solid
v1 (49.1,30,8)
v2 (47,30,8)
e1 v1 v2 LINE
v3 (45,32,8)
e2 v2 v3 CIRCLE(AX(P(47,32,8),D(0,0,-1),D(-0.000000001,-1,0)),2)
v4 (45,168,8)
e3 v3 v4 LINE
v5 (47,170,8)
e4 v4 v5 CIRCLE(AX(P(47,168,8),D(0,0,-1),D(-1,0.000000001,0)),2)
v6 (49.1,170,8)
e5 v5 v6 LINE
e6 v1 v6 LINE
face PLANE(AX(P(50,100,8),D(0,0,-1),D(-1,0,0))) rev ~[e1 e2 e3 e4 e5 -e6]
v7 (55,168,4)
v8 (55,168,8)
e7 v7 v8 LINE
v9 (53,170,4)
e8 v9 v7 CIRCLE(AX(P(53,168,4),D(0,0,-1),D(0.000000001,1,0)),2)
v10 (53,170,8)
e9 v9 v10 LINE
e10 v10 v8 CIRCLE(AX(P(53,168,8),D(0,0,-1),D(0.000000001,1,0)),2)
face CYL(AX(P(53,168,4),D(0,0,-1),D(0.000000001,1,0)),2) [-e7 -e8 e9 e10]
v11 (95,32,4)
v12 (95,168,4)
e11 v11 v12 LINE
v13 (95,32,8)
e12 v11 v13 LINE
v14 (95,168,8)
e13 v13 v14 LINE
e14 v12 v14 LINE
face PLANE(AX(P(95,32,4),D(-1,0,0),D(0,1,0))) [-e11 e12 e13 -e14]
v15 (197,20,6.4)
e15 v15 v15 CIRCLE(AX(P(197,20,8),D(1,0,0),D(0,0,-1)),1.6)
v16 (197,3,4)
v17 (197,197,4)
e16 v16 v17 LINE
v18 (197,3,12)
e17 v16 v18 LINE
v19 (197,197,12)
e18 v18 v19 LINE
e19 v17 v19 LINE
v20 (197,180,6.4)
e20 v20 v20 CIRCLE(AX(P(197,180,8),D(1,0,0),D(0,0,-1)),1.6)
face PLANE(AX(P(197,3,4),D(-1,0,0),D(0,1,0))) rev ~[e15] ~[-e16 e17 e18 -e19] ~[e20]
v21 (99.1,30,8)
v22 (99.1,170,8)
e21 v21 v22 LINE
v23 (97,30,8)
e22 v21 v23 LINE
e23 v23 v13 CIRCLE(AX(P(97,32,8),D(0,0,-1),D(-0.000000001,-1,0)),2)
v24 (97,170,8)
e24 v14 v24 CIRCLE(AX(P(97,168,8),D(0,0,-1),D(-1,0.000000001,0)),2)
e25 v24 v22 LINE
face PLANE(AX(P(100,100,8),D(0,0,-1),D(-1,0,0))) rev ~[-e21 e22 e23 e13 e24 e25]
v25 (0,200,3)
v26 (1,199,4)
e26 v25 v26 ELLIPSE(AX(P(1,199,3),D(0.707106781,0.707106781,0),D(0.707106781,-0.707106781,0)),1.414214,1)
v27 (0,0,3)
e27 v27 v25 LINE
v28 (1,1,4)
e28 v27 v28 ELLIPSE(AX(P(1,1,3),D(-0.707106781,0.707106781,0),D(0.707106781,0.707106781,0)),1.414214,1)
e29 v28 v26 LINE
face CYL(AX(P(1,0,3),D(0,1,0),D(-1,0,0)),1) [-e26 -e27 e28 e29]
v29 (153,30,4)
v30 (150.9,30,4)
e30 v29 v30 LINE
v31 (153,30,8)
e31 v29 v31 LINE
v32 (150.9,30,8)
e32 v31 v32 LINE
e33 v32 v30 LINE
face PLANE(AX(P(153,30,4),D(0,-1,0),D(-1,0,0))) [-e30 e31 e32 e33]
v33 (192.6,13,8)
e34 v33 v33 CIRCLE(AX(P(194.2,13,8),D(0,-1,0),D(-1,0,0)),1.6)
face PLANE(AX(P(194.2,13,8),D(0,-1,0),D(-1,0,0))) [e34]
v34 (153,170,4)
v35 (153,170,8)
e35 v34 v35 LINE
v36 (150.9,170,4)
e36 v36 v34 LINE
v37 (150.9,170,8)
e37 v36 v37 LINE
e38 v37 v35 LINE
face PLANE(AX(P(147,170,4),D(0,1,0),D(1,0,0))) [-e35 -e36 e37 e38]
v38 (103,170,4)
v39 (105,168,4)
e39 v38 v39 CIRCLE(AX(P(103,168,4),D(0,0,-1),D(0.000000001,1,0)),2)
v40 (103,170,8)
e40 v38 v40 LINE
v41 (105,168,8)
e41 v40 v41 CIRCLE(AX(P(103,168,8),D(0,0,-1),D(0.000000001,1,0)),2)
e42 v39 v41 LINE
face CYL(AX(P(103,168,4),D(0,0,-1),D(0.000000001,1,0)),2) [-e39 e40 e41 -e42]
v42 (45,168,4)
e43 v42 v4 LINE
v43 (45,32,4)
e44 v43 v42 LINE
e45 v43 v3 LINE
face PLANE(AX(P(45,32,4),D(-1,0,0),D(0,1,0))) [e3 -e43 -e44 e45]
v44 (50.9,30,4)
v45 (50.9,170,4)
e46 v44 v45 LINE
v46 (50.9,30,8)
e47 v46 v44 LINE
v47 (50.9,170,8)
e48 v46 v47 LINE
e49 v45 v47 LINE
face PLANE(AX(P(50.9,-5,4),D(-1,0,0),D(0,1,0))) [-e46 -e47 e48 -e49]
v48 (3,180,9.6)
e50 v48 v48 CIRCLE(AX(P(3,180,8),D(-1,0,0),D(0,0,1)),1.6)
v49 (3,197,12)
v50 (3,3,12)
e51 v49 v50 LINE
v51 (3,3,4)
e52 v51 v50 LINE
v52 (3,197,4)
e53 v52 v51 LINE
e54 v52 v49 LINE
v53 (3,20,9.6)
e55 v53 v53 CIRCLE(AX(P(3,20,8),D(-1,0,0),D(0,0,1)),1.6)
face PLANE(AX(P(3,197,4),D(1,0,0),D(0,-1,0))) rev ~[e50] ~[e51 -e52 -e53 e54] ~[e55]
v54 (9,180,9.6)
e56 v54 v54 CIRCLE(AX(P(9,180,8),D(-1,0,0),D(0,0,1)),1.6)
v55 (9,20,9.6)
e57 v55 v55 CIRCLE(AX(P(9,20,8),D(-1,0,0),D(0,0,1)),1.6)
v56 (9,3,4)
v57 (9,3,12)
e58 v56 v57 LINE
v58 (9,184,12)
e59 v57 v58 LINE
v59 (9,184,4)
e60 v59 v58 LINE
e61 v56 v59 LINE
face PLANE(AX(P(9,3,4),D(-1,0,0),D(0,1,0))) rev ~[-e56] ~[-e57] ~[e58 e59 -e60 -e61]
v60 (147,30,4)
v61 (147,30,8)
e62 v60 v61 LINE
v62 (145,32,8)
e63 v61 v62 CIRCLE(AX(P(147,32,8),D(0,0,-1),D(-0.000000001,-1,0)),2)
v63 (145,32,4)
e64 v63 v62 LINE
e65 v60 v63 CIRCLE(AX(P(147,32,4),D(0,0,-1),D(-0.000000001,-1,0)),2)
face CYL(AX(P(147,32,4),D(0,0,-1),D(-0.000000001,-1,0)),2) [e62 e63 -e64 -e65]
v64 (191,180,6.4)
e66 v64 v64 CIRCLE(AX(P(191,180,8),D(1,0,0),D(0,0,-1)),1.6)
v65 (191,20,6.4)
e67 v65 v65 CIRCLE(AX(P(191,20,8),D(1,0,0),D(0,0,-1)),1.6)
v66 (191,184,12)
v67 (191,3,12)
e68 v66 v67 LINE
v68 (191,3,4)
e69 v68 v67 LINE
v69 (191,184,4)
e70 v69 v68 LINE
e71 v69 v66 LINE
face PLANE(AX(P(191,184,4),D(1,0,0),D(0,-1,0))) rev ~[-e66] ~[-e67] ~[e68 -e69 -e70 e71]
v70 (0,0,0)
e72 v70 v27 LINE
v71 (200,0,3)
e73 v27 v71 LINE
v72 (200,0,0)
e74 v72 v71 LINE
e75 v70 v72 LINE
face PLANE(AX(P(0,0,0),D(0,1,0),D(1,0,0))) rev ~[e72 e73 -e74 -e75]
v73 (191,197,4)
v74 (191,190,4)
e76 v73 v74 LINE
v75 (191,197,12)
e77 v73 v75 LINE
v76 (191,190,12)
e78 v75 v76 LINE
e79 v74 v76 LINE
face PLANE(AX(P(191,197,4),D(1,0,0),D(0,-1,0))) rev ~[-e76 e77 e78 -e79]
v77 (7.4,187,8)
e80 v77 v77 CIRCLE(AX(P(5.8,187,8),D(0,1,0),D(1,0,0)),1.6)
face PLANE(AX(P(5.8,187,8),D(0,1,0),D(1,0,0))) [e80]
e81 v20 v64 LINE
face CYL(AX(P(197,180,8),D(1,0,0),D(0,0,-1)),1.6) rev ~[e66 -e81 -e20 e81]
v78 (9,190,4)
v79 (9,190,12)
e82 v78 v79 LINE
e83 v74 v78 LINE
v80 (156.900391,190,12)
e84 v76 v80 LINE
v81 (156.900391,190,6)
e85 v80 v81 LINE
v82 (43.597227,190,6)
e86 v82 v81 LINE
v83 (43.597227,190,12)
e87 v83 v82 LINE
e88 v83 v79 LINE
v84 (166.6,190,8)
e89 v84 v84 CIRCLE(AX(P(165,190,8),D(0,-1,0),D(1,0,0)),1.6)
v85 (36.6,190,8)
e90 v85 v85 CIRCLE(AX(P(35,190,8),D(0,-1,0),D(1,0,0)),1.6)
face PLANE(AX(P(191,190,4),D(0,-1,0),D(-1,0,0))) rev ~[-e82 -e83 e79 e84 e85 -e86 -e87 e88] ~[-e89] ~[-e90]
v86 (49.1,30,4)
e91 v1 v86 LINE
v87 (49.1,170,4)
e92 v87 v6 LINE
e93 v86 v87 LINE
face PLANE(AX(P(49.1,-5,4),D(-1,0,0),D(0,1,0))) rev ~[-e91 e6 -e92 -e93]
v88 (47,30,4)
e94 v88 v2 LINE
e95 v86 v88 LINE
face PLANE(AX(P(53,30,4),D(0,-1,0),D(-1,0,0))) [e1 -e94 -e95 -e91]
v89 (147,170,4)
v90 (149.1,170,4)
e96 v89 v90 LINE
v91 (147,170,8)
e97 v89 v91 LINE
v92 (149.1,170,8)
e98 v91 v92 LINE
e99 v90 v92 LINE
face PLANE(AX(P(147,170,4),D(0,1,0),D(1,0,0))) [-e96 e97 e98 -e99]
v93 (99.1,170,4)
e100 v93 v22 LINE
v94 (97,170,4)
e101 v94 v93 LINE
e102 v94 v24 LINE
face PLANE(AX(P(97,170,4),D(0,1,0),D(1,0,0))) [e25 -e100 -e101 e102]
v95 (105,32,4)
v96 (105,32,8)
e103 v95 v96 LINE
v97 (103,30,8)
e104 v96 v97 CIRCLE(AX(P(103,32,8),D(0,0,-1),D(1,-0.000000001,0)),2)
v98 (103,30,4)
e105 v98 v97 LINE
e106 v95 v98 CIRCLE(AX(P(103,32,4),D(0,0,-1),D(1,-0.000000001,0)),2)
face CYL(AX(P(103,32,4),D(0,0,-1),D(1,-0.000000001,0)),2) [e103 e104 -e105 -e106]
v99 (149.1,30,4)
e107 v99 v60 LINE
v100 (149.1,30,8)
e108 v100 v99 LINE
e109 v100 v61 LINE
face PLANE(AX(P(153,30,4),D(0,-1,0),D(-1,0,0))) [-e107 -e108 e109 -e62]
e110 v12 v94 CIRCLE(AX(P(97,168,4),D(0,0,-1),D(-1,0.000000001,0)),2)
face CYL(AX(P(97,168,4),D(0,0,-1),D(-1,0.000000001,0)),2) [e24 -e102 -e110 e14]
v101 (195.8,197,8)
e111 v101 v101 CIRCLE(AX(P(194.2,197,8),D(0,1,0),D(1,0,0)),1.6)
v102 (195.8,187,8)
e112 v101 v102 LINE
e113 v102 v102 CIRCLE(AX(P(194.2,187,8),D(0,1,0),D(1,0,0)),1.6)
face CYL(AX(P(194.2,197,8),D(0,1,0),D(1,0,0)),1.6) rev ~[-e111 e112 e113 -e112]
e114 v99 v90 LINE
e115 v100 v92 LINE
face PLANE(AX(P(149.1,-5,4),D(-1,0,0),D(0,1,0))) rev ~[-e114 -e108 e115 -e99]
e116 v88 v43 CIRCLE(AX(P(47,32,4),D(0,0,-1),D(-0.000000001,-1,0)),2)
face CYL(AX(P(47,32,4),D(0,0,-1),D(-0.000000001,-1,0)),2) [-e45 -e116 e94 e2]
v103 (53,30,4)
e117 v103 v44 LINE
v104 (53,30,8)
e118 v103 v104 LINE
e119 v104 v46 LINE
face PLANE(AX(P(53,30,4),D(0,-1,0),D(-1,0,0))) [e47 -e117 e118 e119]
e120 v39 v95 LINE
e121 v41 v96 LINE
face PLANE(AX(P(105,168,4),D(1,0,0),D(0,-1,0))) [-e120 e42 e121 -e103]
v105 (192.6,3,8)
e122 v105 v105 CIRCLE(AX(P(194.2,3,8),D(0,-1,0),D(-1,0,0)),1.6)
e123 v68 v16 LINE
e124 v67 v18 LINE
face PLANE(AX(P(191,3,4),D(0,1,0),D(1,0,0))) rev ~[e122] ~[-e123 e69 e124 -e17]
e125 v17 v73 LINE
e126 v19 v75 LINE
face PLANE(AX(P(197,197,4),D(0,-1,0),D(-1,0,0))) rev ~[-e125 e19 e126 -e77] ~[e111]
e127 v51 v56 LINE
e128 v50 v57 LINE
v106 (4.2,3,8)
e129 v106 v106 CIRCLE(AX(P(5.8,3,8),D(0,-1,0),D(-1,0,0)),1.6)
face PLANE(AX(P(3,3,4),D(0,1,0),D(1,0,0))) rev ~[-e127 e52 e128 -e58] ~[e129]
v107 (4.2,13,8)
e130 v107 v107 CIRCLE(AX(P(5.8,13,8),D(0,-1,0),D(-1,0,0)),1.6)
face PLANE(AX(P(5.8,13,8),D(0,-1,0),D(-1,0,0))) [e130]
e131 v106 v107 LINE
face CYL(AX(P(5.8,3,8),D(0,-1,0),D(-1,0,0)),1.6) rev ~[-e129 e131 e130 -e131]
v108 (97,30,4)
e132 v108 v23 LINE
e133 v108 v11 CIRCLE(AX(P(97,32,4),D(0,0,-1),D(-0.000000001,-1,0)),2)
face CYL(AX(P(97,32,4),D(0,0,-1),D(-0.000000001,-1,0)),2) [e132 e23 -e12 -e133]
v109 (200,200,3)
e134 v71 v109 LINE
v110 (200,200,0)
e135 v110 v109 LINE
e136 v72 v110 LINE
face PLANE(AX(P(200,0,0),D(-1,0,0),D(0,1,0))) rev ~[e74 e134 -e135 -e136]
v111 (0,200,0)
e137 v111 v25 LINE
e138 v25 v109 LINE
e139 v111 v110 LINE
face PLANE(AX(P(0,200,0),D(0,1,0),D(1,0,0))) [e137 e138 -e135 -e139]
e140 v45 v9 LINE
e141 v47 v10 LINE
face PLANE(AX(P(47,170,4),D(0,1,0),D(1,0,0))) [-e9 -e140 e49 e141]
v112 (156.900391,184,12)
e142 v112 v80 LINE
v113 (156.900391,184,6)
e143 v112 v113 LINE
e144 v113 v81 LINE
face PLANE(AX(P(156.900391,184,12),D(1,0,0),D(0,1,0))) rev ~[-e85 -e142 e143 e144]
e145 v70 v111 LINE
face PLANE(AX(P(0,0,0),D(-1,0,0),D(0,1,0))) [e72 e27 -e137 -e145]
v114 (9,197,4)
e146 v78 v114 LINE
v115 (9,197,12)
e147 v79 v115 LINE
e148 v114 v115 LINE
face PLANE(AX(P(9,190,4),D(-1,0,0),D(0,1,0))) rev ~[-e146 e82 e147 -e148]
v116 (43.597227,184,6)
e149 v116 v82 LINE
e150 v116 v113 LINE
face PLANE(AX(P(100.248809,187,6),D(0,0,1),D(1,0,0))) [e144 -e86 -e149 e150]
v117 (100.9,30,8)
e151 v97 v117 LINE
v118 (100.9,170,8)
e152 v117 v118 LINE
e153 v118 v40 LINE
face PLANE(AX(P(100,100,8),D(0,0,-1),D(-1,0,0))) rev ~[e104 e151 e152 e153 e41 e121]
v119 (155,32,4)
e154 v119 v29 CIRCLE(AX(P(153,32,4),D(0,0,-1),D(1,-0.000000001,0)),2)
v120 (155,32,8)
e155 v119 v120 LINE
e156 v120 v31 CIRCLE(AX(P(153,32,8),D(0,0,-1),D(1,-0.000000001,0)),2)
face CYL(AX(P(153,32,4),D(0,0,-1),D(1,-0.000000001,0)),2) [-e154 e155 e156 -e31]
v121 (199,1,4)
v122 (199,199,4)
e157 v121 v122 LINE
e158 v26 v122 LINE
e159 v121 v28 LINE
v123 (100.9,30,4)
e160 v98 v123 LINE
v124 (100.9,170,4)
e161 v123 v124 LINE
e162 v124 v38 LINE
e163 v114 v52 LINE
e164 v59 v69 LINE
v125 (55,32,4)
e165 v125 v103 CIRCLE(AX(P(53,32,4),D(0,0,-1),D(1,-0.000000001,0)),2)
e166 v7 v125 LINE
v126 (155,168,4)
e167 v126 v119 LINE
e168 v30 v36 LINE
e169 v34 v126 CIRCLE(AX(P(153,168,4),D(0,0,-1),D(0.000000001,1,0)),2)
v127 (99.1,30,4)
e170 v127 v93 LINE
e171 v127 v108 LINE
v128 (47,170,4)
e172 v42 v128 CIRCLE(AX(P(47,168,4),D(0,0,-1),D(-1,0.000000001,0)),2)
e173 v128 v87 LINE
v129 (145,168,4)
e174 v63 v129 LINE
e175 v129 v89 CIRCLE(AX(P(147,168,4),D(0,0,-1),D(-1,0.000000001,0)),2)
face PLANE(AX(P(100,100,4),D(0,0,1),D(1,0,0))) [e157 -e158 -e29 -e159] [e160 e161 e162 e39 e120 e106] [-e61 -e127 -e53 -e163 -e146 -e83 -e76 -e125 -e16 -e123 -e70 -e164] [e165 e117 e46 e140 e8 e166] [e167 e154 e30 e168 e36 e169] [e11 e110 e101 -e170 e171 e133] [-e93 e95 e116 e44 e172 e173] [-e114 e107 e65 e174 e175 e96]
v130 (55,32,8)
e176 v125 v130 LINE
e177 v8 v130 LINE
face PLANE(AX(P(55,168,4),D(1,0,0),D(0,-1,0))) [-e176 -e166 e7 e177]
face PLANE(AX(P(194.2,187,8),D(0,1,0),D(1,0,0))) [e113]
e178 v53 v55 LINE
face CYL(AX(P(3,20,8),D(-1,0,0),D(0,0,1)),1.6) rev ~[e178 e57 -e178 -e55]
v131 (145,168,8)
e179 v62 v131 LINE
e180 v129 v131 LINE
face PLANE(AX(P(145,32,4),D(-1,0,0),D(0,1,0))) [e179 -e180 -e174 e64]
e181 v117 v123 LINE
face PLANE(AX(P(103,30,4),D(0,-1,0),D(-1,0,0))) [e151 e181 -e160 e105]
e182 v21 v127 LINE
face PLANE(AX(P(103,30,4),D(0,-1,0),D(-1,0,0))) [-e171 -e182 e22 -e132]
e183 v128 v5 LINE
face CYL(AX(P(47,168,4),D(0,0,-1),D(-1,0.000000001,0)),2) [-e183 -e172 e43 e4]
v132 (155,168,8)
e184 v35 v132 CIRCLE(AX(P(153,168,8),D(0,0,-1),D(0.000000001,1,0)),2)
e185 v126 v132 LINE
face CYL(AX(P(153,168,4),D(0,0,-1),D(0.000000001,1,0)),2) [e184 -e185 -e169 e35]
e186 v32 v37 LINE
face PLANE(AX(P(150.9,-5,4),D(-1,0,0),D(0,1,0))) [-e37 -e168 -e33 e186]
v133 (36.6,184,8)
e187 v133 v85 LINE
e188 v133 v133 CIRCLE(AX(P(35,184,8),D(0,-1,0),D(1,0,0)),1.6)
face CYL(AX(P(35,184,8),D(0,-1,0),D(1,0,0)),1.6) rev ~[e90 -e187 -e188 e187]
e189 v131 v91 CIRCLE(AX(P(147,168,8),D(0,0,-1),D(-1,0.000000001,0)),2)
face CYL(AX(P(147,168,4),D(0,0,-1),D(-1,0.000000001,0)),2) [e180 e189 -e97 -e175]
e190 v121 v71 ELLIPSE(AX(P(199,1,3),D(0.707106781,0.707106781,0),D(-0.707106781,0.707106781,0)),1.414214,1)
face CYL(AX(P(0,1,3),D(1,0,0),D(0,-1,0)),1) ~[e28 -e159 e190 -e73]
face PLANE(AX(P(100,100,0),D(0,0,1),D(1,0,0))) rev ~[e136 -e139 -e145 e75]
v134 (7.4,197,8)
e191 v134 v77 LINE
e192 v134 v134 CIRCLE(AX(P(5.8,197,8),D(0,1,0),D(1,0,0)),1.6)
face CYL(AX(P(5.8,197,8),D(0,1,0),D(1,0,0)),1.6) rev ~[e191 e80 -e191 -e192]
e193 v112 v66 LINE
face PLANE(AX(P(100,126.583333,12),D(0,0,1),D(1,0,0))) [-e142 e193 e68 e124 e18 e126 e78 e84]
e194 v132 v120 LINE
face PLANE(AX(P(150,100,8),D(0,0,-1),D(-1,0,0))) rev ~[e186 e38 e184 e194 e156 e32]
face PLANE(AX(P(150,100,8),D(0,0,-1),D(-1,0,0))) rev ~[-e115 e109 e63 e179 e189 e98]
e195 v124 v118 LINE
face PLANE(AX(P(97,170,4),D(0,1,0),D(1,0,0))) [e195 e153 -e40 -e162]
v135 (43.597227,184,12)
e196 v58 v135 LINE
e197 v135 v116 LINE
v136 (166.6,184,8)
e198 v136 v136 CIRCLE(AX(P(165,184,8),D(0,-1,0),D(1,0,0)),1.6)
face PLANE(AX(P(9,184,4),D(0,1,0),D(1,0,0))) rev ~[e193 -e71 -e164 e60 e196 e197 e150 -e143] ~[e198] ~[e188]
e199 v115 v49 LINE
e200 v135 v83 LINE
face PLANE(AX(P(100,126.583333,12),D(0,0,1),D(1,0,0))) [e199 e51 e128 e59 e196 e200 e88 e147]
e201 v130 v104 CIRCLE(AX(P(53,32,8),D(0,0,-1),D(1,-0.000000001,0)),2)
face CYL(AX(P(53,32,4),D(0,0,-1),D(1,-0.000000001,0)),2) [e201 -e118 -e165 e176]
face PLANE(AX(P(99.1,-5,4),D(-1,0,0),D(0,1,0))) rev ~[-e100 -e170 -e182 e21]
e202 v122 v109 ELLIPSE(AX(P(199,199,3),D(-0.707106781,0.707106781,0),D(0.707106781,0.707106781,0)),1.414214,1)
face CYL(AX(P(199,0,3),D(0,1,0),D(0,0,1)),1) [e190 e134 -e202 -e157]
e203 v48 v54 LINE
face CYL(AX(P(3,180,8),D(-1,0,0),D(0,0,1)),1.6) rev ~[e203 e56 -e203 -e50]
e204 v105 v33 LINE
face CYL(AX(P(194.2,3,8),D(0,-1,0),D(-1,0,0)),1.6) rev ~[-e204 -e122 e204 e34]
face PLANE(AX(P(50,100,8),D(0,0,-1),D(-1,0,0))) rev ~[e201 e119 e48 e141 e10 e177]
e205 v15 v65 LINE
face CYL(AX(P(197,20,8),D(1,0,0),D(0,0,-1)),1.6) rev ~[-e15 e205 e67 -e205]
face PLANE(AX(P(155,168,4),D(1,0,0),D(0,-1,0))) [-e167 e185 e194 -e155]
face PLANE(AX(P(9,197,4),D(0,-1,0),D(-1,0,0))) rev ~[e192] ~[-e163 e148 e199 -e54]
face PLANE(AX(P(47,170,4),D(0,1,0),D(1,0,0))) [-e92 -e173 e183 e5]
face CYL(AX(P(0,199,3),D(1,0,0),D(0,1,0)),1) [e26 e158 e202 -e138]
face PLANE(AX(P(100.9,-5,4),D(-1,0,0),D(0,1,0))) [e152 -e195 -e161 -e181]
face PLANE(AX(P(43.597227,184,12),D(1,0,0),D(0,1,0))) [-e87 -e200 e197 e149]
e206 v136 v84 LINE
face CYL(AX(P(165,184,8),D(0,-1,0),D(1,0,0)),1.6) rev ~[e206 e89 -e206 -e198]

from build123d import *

# Parameters (mm, degrees)
ESQUISSE1_W                 = 200
ESQUISSE1_H                 = 200
BOSS_EXTRU_PAROIE_DEPTH     = 4
BOSS_EXTRU_BORDS_DEPTH      = 8
BOSS_EXTRU_GLISSIERES_DEPTH = 4
CONG_1_R                    = 1
ESQUISSE8_W                 = 1.8
ESQUISSE8_H                 = 180
ENL_V_MAT_EXTRU_6_DEPTH     = 9
ESQUISSE5_R                 = 1.6
ENL_V_MAT_EXTRU_2_DEPTH     = 10
ESQUISSE6_R                 = 1.6
ENL_V_MAT_EXTRU_3_DEPTH     = 10
ESQUISSE7_R                 = 1.6
ENL_V_MAT_EXTRU_4_DEPTH     = 10
ESQUISSE10_R                = 1.6
ENL_V_MAT_EXTRU_8_DEPTH     = 10
ESQUISSE11_W                = 113.303164178
ESQUISSE11_H                = 6
ENL_V_MAT_EXTRU_9_DEPTH     = 6
ESQUISSE9_R                 = 1.6
ENL_V_MAT_EXTRU_10_DEPTH    = 10


with BuildPart() as part:
    # Esquisse1 → Boss.-Extru. Paroie (new body)
    with BuildSketch(Plane.XY):
        with Locations((100, 100)):
            Rectangle(ESQUISSE1_W, ESQUISSE1_H)
    extrude(amount=BOSS_EXTRU_PAROIE_DEPTH)

    # Esquisse4 → Boss.-Extru. Bords (add)
    with BuildSketch(Plane.XY.offset(4)):
        Polygon((3, 3), (9, 3), (9, 184), (191, 184), (191, 3), (197, 3), (197, 197), (191, 197), (191, 190), (9, 190), (9, 197), (3, 197), align=None)
    extrude(amount=BOSS_EXTRU_BORDS_DEPTH)

    # Esquisse2 → Boss.-Extru. Glissieres (add)
    with BuildSketch(Plane.XY.offset(4)):
        with BuildLine():
            Line((47, 170), (53, 170))
            ThreePointArc((53, 170), (54.414213562, 169.414213562), (55, 168))
            Line((55, 168), (55, 32))
            ThreePointArc((55, 32), (54.414213562, 30.585786438), (53, 30))
            Line((53, 30), (47, 30))
            ThreePointArc((47, 30), (45.585786438, 30.585786438), (45, 32))
            Line((45, 32), (45, 168))
            ThreePointArc((45, 168), (45.585786438, 169.414213562), (47, 170))
        make_face()
        with BuildLine():
            Line((97, 170), (103, 170))
            ThreePointArc((103, 170), (104.414213562, 169.414213562), (105, 168))
            Line((105, 168), (105, 32))
            ThreePointArc((105, 32), (104.414213562, 30.585786438), (103, 30))
            Line((103, 30), (97, 30))
            ThreePointArc((97, 30), (95.585786438, 30.585786438), (95, 32))
            Line((95, 32), (95, 168))
            ThreePointArc((95, 168), (95.585786438, 169.414213562), (97, 170))
        make_face()
        with BuildLine():
            Line((147, 170), (153, 170))
            ThreePointArc((153, 170), (154.414213562, 169.414213562), (155, 168))
            Line((155, 168), (155, 32))
            ThreePointArc((155, 32), (154.414213562, 30.585786438), (153, 30))
            Line((153, 30), (147, 30))
            ThreePointArc((147, 30), (145.585786438, 30.585786438), (145, 32))
            Line((145, 32), (145, 168))
            ThreePointArc((145, 168), (145.585786438, 169.414213562), (147, 170))
        make_face()
    extrude(amount=BOSS_EXTRU_GLISSIERES_DEPTH)

    # Congé1
    cong_1_edges = [part.edges().sort_by_distance(p)[0] for p in [
        (200, 100, 4),
        (100, 200, 4),
        (0, 100, 4),
        (100, 0, 4),
    ]]
    fillet(cong_1_edges, radius=CONG_1_R)

    # Esquisse8 → Enlèv. mat.-Extru.6 (cut, through all)
    with BuildSketch(Plane.XY.offset(4)):
        with Locations((100, 85)):
            Rectangle(ESQUISSE8_W, ESQUISSE8_H)
        with Locations((150, 85)):
            Rectangle(ESQUISSE8_W, ESQUISSE8_H)
        with Locations((50, 85)):
            Rectangle(ESQUISSE8_W, ESQUISSE8_H)
    extrude(amount=ENL_V_MAT_EXTRU_6_DEPTH, mode=Mode.SUBTRACT)

    # Esquisse5 → Enlèv. mat.-Extru.2 (cut)
    with BuildSketch(Plane.ZY.offset(-3)):
        with Locations((8, 180)):
            Circle(ESQUISSE5_R)
        with Locations((8, 20)):
            Circle(ESQUISSE5_R)
    extrude(amount=-ENL_V_MAT_EXTRU_2_DEPTH, mode=Mode.SUBTRACT)

    # Esquisse6 → Enlèv. mat.-Extru.3 (cut)
    with BuildSketch(Plane(origin=(197, 0, 0), x_dir=(0, 0, -1), z_dir=(1, 0, 0))):
        with Locations((-8, 180)):
            Circle(ESQUISSE6_R)
        with Locations((-8, 20)):
            Circle(ESQUISSE6_R)
    extrude(amount=-ENL_V_MAT_EXTRU_3_DEPTH, mode=Mode.SUBTRACT)

    # Esquisse7 → Enlèv. mat.-Extru.4 (cut)
    with BuildSketch(Plane.XZ.offset(-184)):
        with Locations((35, 8)):
            Circle(ESQUISSE7_R)
        with Locations((165, 8)):
            Circle(ESQUISSE7_R)
    extrude(amount=-ENL_V_MAT_EXTRU_4_DEPTH, mode=Mode.SUBTRACT)

    # Esquisse10 → Enlèv. mat.-Extru.8 (cut)
    with BuildSketch(Plane(origin=(0, 3, 0), x_dir=(-1, 0, 0), z_dir=(0, -1, 0))):
        with Locations((-194.2, -8)):
            Circle(ESQUISSE10_R)
        with Locations((-5.8, -8)):
            Circle(ESQUISSE10_R)
    extrude(amount=-ENL_V_MAT_EXTRU_8_DEPTH, mode=Mode.SUBTRACT)

    # Esquisse11 → Enlèv. mat.-Extru.9 (cut)
    with BuildSketch(Plane.XY.offset(12)):
        with Locations((100.248809194, 187)):
            Rectangle(ESQUISSE11_W, ESQUISSE11_H)
    extrude(amount=-ENL_V_MAT_EXTRU_9_DEPTH, mode=Mode.SUBTRACT)

    # Esquisse9 → Enlèv. mat.-Extru.10 (cut)
    with BuildSketch(Plane(origin=(0, 197, 0), x_dir=(1, 0, 0), z_dir=(0, 1, 0))):
        with Locations((194.2, -8)):
            Circle(ESQUISSE9_R)
        with Locations((5.8, -8)):
            Circle(ESQUISSE9_R)
    extrude(amount=-ENL_V_MAT_EXTRU_10_DEPTH, mode=Mode.SUBTRACT)


solid = part.part
